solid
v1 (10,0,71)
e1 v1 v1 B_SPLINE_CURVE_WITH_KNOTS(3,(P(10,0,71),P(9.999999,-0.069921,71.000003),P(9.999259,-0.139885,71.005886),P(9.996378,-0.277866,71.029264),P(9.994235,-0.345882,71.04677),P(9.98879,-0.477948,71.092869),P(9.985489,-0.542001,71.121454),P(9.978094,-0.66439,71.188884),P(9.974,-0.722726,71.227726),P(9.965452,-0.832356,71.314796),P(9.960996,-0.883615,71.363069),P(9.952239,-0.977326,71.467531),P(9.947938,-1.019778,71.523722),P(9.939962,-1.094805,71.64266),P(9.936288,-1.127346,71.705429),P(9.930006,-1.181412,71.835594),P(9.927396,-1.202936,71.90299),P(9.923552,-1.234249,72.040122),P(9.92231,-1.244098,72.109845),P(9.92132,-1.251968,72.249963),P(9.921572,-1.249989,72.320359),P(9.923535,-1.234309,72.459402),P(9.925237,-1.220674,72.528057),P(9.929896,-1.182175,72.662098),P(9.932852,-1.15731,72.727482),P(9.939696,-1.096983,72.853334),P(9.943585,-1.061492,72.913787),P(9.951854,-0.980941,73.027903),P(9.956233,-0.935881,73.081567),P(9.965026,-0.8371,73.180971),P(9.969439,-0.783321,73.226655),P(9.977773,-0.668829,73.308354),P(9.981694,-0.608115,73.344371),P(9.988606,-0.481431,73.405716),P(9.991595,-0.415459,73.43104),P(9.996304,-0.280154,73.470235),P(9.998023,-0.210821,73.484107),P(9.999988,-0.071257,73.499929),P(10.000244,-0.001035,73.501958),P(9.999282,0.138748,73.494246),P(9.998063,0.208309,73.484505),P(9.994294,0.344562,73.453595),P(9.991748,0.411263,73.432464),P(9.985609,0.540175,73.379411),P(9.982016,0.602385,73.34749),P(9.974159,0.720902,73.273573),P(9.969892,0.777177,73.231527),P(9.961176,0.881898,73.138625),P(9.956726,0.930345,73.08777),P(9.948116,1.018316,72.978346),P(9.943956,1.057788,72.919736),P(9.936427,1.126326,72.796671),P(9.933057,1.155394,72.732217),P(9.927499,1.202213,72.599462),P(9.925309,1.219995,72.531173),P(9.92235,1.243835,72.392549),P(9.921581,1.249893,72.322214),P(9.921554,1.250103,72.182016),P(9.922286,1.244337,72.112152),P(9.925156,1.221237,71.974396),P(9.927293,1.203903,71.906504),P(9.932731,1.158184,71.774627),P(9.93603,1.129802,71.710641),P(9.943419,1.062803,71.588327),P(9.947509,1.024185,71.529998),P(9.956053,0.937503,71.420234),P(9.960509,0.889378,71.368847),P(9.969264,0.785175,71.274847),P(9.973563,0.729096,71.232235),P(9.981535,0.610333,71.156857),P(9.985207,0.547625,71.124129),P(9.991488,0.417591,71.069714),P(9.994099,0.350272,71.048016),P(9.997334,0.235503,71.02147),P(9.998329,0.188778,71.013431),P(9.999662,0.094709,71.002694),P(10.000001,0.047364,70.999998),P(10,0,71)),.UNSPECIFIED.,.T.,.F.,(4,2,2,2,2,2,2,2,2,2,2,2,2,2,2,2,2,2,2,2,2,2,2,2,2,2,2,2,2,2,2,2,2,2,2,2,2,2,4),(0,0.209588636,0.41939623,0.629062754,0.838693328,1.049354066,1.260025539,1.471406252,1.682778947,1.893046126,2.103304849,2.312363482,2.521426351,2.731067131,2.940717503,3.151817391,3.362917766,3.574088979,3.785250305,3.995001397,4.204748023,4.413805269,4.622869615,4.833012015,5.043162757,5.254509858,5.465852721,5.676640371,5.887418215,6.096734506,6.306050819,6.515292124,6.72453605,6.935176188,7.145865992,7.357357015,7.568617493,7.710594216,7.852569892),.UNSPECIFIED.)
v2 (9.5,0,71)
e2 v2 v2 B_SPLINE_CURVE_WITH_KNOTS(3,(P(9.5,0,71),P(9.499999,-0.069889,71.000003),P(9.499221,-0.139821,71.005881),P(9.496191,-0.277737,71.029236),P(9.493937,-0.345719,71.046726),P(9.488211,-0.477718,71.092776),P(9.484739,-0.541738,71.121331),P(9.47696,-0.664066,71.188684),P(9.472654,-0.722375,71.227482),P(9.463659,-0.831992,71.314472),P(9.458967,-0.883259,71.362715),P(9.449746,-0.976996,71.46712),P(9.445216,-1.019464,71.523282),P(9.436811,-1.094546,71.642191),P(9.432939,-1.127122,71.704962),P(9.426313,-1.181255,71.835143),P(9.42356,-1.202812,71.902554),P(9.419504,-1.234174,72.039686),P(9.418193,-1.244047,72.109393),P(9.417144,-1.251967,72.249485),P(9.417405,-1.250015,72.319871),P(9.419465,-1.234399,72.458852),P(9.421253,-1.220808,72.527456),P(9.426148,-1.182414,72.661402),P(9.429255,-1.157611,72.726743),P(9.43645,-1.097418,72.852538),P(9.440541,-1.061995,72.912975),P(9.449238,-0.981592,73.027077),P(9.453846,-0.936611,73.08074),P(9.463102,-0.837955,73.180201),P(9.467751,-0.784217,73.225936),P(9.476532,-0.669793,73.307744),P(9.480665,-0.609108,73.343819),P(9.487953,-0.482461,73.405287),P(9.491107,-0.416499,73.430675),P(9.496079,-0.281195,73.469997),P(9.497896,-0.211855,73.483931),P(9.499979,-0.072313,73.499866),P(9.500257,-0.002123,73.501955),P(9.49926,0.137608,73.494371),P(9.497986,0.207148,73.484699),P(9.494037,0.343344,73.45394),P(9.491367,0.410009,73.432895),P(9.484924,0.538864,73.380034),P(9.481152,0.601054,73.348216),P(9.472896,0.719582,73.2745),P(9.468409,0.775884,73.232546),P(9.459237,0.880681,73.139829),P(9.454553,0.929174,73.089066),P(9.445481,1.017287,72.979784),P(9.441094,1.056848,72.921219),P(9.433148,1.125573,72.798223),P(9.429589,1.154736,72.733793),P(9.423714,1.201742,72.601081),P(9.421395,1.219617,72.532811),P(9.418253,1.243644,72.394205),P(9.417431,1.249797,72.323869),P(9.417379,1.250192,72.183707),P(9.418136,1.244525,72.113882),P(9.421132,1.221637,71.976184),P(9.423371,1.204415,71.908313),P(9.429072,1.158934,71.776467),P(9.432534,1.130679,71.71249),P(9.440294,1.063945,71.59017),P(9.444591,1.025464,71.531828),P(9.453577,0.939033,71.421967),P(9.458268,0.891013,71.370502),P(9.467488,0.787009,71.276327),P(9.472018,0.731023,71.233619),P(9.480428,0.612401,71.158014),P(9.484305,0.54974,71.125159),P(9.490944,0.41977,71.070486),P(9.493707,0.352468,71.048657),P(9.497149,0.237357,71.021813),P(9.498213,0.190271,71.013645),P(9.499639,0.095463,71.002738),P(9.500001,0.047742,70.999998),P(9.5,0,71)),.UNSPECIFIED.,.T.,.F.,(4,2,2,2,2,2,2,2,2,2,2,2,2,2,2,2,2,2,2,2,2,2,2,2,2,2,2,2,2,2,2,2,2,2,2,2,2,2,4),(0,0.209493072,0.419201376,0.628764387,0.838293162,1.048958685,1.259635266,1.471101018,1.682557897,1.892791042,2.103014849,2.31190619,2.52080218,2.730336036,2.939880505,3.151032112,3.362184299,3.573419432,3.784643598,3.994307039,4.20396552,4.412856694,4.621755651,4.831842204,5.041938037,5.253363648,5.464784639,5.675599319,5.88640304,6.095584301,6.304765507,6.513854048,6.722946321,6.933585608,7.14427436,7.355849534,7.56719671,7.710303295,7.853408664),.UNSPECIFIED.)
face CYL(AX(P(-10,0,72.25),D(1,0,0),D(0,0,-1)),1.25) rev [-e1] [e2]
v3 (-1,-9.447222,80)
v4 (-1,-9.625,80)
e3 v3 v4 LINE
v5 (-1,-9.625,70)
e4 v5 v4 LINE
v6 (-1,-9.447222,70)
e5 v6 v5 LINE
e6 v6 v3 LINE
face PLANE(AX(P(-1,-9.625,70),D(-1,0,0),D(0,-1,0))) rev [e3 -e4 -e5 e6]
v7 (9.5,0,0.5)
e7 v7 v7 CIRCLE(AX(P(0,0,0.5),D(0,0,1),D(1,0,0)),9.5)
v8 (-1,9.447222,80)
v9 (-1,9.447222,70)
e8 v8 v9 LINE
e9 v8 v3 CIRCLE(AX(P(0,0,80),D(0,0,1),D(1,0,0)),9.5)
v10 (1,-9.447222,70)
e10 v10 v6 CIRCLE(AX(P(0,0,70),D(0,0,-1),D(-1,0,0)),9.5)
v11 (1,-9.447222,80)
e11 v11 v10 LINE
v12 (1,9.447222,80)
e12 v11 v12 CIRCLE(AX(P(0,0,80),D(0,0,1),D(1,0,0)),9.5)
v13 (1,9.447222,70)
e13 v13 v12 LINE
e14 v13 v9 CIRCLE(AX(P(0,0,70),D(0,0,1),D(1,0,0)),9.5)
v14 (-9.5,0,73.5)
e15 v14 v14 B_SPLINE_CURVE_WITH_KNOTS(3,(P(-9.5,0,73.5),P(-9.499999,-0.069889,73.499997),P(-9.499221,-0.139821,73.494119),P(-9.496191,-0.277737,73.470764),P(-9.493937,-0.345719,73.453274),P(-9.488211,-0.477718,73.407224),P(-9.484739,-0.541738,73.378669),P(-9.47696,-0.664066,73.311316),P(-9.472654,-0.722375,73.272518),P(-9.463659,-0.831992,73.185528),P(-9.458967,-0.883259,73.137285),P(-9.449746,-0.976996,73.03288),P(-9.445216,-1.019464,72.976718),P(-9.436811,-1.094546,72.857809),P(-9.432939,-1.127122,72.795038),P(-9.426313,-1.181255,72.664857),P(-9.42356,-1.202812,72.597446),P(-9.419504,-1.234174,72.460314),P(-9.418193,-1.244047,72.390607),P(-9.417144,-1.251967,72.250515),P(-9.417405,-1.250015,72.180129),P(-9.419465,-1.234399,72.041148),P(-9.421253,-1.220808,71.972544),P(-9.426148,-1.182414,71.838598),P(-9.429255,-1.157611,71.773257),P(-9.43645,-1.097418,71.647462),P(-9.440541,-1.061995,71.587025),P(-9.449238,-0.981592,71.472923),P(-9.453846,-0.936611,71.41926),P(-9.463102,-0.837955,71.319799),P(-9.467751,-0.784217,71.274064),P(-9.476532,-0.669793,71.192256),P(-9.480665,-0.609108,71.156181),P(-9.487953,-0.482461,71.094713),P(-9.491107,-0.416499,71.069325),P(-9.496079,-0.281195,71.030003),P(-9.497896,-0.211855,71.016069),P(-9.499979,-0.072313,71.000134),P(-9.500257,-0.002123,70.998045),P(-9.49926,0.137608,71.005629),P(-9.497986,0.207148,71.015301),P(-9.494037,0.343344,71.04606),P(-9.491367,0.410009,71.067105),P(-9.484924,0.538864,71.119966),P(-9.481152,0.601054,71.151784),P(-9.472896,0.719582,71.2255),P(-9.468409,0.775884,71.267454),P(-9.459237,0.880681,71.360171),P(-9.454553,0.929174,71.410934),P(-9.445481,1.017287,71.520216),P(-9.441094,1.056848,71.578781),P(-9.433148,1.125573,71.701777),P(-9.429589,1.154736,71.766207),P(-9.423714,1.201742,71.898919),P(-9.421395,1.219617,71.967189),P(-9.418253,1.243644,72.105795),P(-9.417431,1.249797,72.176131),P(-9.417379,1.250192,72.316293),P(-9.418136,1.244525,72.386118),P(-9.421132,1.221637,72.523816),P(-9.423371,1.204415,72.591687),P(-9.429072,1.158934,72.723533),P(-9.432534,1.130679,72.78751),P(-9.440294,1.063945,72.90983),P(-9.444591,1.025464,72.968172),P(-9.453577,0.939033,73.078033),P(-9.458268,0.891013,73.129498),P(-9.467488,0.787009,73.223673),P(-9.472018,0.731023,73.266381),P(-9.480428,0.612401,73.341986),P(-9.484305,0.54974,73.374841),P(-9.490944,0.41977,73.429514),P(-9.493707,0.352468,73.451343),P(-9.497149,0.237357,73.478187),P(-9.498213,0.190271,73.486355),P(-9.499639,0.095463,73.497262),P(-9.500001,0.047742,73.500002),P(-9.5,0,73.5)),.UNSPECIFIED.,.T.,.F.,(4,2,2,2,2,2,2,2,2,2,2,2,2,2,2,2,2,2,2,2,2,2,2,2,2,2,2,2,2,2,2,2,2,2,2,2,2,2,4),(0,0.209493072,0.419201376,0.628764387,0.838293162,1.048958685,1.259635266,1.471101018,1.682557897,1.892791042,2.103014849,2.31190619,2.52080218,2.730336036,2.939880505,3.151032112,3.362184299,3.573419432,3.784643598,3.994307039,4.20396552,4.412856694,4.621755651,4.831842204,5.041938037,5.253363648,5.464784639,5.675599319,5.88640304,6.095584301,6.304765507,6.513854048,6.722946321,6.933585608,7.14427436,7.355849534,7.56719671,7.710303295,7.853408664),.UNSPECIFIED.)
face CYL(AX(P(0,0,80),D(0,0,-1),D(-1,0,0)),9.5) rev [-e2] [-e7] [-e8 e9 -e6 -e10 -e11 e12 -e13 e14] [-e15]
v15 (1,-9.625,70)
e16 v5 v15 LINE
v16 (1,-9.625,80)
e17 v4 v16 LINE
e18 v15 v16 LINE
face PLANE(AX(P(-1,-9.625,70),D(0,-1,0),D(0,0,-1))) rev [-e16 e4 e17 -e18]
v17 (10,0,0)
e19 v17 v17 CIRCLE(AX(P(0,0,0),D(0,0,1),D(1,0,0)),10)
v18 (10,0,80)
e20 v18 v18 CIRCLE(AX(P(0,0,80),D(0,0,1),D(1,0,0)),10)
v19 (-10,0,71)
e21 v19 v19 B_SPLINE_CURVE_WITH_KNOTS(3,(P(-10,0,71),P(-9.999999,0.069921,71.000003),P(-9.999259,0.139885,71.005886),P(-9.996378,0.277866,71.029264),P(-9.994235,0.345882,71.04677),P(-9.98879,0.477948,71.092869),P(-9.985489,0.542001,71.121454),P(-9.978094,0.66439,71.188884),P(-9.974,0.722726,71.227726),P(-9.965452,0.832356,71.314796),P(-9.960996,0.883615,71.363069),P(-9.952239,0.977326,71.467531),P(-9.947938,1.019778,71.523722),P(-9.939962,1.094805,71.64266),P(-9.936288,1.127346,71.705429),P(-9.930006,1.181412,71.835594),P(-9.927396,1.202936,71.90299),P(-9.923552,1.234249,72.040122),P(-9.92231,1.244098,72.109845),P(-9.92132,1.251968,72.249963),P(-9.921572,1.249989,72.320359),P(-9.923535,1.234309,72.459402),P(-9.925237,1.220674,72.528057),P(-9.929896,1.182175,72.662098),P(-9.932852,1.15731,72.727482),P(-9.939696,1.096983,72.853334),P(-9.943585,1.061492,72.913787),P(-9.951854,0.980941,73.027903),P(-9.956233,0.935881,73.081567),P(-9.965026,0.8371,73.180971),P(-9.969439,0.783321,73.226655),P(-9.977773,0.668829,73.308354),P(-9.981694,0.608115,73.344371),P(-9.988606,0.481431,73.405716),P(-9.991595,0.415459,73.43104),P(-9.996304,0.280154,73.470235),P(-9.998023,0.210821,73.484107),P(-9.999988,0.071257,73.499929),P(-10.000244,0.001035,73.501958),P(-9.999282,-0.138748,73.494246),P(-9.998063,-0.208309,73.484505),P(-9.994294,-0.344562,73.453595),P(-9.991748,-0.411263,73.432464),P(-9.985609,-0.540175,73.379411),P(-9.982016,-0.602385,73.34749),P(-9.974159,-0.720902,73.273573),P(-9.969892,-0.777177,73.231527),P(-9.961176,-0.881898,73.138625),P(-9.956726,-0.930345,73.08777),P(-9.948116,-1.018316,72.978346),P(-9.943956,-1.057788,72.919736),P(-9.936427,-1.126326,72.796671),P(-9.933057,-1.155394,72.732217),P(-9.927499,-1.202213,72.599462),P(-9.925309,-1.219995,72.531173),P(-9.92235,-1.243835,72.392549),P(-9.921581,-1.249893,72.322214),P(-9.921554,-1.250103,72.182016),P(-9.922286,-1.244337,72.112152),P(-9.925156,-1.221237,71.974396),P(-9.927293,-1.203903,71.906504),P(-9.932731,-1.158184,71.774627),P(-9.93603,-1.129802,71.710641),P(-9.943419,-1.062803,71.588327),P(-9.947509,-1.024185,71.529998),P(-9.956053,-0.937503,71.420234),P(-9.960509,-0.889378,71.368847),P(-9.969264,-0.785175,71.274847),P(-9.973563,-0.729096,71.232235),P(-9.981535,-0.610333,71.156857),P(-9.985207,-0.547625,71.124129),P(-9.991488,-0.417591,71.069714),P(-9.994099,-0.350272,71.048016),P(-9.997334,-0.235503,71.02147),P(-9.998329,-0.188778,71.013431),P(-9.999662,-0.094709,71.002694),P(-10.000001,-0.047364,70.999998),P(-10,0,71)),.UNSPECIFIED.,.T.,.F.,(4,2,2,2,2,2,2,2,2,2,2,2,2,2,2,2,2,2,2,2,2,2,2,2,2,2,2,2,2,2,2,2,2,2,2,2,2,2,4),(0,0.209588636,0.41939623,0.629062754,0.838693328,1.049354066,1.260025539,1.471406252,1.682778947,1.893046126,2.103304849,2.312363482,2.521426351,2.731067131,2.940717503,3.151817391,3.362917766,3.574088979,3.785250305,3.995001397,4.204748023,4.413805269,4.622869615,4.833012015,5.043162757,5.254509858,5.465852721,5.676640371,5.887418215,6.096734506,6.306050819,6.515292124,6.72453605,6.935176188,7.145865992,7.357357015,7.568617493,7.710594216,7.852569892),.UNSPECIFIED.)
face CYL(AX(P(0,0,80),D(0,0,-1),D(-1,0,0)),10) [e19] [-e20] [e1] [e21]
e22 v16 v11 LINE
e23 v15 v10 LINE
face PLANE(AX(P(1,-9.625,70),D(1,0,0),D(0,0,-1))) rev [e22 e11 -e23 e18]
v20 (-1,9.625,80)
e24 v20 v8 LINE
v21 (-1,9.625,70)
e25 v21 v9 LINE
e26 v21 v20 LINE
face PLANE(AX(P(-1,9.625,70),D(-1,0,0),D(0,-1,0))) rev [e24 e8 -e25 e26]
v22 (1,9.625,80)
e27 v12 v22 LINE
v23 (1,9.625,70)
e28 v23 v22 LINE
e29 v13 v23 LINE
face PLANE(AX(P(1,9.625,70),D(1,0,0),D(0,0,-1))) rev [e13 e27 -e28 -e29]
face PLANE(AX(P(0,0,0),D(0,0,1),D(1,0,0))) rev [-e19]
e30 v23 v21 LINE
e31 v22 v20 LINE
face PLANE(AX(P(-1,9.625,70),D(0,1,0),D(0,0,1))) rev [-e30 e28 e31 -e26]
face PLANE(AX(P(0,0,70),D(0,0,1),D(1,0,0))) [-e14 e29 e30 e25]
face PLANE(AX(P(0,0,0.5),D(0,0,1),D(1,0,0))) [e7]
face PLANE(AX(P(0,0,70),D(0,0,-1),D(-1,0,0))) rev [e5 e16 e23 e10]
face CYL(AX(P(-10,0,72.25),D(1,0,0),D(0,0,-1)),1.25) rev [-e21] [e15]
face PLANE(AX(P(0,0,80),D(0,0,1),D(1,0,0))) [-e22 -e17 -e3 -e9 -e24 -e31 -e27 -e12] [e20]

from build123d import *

# Parameters (mm, degrees)
SKETCH1_R           = 10
BOSS_EXTRUDE1_DEPTH = 80
SHELL1_T            = -0.5
SKETCH4_R           = 1.25
CUT_EXTRUDE3_DEPTH  = 84.066238629
SKETCH8_W           = 2
SKETCH8_H           = 0.25
CUT_EXTRUDE5_DEPTH  = 10


with BuildPart() as part:
    # Sketch1 → Boss-Extrude1 (new body)
    with BuildSketch(Plane.XY):
        Circle(SKETCH1_R)
    extrude(amount=BOSS_EXTRUDE1_DEPTH)

    # Shell1
    shell1_openings = [part.faces().sort_by_distance(p)[0] for p in [
        (0, 0, 80),
    ]]
    offset(amount=SHELL1_T, openings=shell1_openings, kind=Kind.INTERSECTION)

    # Sketch4 → Cut-Extrude3 (cut, through all)
    with BuildSketch(Plane(origin=(10, 0, 0), x_dir=(0, 0, -1), z_dir=(1, 0, 0))):
        with Locations((-72.25, 0)):
            Circle(SKETCH4_R)
    extrude(amount=-CUT_EXTRUDE3_DEPTH, mode=Mode.SUBTRACT)

    # Sketch8 → Cut-Extrude5 (cut)
    with BuildSketch(Plane.XY.offset(80)):
        with Locations((0, -9.5)):
            Rectangle(SKETCH8_W, SKETCH8_H)
        with Locations((0, 9.5)):
            Rectangle(SKETCH8_W, SKETCH8_H)
    extrude(amount=-CUT_EXTRUDE5_DEPTH, mode=Mode.SUBTRACT)


solid = part.part
